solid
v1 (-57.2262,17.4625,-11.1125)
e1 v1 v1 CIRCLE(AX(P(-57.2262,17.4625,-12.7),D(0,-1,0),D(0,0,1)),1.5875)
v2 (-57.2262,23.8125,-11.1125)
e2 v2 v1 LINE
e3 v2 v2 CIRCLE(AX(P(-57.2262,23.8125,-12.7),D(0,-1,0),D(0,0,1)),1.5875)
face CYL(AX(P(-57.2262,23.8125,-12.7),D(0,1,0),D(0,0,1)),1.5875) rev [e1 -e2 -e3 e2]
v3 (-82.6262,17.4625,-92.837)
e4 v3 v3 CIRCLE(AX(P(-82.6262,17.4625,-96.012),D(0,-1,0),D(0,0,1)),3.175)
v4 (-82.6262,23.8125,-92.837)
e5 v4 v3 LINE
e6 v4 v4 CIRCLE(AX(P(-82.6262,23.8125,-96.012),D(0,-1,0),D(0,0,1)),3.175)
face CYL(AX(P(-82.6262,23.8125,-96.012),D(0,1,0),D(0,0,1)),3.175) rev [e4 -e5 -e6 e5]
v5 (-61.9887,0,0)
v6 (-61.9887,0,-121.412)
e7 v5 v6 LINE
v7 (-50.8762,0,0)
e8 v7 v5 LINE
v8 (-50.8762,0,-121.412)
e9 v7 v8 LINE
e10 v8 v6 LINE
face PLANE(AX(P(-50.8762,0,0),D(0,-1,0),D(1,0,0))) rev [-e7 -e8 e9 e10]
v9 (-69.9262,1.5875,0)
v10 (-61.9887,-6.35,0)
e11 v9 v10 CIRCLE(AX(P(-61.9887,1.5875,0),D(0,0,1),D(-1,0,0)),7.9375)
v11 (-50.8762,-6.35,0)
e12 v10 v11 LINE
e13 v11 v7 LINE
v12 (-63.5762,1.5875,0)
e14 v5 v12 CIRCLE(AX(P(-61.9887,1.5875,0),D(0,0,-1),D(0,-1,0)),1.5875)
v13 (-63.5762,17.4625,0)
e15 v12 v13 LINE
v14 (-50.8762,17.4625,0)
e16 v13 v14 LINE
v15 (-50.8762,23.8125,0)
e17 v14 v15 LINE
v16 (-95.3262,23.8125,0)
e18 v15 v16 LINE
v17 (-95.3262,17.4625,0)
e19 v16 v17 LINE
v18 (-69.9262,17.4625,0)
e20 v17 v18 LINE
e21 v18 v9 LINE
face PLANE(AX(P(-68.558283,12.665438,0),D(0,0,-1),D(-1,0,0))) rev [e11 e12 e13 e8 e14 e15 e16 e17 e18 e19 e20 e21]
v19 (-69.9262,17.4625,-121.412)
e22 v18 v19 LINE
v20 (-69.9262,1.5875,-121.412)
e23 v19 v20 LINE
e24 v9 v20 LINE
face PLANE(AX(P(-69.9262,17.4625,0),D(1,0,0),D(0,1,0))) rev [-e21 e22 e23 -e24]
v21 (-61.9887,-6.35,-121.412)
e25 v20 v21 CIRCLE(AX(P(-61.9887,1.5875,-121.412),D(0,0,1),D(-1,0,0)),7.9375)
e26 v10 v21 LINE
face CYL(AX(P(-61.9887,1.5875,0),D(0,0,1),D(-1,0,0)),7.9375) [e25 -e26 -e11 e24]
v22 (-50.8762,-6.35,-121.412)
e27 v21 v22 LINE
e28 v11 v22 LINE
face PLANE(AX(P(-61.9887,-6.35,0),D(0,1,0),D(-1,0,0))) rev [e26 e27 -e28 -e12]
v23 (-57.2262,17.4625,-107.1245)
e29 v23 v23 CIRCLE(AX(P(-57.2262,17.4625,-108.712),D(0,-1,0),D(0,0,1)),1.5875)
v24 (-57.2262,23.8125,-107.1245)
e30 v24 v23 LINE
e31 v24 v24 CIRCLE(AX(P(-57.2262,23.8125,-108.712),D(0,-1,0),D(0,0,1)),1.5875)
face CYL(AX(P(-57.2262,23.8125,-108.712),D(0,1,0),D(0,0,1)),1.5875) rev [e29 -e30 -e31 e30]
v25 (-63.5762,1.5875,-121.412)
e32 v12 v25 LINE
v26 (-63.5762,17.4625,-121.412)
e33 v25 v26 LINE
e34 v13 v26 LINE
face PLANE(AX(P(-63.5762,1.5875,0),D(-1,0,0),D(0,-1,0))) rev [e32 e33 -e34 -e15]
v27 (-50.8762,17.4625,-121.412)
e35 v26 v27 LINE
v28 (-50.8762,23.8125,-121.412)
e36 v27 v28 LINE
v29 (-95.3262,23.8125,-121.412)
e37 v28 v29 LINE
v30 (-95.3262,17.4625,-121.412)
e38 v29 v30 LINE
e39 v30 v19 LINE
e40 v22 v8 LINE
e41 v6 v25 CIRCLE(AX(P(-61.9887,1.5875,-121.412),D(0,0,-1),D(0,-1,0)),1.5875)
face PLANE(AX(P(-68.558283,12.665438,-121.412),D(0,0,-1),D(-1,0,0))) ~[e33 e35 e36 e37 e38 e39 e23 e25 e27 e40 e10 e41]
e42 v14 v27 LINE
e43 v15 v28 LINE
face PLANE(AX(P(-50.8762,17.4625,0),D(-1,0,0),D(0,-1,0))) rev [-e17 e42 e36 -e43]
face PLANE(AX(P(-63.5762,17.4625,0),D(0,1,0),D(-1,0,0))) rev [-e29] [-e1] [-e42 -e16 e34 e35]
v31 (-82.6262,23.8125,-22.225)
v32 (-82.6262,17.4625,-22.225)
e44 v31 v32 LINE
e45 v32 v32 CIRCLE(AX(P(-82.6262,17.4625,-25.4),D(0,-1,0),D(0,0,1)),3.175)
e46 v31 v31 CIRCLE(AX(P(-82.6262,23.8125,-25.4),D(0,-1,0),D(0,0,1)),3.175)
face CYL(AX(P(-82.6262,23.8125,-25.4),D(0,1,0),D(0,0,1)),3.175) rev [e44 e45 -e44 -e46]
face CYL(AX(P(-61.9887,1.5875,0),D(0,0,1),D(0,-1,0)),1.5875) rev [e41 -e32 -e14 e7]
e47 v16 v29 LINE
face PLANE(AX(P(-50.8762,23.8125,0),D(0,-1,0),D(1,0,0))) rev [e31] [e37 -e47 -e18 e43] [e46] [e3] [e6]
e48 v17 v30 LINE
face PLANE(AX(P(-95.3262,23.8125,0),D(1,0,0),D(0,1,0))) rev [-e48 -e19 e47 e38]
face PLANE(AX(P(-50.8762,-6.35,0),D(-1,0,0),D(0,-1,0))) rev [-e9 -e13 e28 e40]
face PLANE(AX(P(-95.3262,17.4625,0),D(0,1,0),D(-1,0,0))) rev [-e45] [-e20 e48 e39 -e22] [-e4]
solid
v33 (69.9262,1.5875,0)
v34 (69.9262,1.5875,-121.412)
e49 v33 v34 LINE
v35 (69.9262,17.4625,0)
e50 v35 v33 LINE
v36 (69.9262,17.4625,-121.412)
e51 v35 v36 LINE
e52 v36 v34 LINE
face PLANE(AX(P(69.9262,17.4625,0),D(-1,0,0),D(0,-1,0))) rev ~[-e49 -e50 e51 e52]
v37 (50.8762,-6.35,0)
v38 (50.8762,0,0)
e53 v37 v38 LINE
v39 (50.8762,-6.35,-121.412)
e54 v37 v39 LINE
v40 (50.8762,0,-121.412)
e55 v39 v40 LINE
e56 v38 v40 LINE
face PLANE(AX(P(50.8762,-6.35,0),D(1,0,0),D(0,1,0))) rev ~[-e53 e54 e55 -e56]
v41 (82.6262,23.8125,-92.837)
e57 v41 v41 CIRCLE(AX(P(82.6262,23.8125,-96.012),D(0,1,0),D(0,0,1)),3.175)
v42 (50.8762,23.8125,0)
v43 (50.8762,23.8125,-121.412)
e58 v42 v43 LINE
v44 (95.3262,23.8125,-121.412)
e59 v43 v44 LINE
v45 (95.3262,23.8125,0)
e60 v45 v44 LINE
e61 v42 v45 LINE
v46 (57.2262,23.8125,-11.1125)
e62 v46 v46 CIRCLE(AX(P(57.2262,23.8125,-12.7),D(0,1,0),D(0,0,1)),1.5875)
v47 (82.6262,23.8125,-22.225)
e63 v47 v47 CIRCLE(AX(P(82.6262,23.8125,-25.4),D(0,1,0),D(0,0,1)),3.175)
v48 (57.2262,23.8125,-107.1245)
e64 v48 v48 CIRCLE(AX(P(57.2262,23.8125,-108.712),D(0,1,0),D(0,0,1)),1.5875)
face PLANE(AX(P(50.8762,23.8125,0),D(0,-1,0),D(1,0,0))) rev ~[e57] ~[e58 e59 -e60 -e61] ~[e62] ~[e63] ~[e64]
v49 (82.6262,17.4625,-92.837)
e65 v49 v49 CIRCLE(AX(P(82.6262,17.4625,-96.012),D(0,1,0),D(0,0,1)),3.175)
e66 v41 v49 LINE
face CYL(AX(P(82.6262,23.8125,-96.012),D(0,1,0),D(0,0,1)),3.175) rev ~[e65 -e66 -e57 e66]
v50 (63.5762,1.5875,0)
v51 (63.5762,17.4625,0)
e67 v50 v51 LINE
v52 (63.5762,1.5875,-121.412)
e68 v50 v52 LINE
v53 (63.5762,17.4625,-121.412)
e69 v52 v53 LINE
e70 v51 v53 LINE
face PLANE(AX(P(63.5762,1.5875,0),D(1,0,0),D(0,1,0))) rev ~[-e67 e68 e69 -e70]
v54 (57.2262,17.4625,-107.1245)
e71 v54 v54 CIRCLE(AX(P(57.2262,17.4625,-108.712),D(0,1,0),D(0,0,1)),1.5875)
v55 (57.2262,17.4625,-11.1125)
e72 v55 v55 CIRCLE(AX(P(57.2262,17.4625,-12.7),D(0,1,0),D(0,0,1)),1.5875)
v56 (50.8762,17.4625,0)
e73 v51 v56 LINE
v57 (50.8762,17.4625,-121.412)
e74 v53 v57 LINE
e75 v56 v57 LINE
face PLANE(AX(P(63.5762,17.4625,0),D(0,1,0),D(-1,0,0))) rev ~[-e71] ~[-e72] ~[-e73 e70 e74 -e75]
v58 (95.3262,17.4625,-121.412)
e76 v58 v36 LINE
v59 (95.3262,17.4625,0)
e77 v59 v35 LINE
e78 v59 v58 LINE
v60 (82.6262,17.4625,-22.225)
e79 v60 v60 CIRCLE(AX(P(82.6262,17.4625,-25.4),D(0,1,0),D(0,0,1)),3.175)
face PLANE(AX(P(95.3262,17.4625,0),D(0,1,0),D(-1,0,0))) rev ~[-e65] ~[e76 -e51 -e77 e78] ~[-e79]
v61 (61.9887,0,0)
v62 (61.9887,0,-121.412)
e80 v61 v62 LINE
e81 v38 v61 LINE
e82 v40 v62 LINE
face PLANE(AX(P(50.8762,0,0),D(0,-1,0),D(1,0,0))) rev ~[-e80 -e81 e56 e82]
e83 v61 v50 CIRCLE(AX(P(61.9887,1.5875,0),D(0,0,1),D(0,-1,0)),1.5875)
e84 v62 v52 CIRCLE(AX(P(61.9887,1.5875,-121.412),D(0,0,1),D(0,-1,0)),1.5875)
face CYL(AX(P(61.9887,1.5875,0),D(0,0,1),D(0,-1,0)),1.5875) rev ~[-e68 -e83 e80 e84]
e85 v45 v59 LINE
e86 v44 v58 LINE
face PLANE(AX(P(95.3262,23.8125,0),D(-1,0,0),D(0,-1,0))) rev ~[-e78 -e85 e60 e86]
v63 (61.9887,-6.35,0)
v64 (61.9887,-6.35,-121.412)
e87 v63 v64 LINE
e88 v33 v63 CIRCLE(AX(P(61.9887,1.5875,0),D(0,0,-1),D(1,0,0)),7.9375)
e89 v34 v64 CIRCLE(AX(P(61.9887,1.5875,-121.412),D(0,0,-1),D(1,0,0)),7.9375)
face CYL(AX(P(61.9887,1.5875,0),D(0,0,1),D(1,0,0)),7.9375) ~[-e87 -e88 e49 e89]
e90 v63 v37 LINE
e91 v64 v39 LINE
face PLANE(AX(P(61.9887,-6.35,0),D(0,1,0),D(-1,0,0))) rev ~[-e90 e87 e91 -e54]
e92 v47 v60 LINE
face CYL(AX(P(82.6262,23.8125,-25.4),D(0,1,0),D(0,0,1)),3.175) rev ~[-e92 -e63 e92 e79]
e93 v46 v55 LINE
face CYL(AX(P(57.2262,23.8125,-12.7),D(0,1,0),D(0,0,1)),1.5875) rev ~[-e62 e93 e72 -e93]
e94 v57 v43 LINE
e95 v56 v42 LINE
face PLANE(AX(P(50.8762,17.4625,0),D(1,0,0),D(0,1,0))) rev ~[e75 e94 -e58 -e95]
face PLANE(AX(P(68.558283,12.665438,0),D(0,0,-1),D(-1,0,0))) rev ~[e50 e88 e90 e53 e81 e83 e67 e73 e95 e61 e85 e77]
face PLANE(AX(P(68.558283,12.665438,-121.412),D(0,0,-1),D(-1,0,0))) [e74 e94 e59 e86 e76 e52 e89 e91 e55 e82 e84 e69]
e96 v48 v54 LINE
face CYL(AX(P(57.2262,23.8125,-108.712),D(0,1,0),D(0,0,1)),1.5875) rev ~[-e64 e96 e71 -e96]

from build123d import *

# Parameters (mm, degrees)
BOSS_EXTRUDE2_DEPTH = 121.412
CUT_EXTRUDE1_REACH  = 159.282
SKETCH2_R           = 1.5875
SKETCH2_R_2         = 3.175


with BuildPart() as part:
    # Sketch1 → Boss-Extrude2 (new body)
    with BuildSketch(Plane.XY):
        with BuildLine():
            ThreePointArc((61.9887, 0), (63.111232015, 0.464967985), (63.5762, 1.5875))
            Line((63.5762, 1.5875), (63.5762, 17.4625))
            Line((63.5762, 17.4625), (50.8762, 17.4625))
            Line((50.8762, 17.4625), (50.8762, 23.8125))
            Line((50.8762, 23.8125), (95.3262, 23.8125))
            Line((95.3262, 23.8125), (95.3262, 17.4625))
            Line((95.3262, 17.4625), (69.9262, 17.4625))
            Line((69.9262, 17.4625), (69.9262, 1.5875))
            ThreePointArc((69.9262, 1.5875), (67.601360076, -4.025160076), (61.9887, -6.35))
            Line((61.9887, -6.35), (50.8762, -6.35))
            Line((50.8762, -6.35), (50.8762, 0))
            Line((50.8762, 0), (61.9887, 0))
        make_face()
    extrude(amount=-BOSS_EXTRUDE2_DEPTH)

    # Sketch2 → Cut-Extrude1 (cut, up to next)
    with BuildSketch(Plane(origin=(0, 23.8125, 0), x_dir=(1, 0, 0), z_dir=(0, 1, 0)), mode=Mode.PRIVATE) as cut_extrude1_sk1:
        with Locations(Location((57.2262, 108.712, 0), (0, 0, 270))):
            Circle(SKETCH2_R)
    cut_extrude1_tool1 = extrude(cut_extrude1_sk1.sketch, amount=-CUT_EXTRUDE1_REACH, mode=Mode.PRIVATE) & part.part
    # Sketch2 → Cut-Extrude1 (cut, up to next)
    with BuildSketch(Plane(origin=(0, 23.8125, 0), x_dir=(1, 0, 0), z_dir=(0, 1, 0)), mode=Mode.PRIVATE) as cut_extrude1_sk2:
        with Locations(Location((57.2262, 12.7, 0), (0, 0, 270))):
            Circle(SKETCH2_R)
    cut_extrude1_tool2 = extrude(cut_extrude1_sk2.sketch, amount=-CUT_EXTRUDE1_REACH, mode=Mode.PRIVATE) & part.part
    # Sketch2 → Cut-Extrude1 (cut, up to next)
    with BuildSketch(Plane(origin=(0, 23.8125, 0), x_dir=(1, 0, 0), z_dir=(0, 1, 0)), mode=Mode.PRIVATE) as cut_extrude1_sk3:
        with Locations(Location((82.6262, 96.012, 0), (0, 0, 270))):
            Circle(SKETCH2_R_2)
    cut_extrude1_tool3 = extrude(cut_extrude1_sk3.sketch, amount=-CUT_EXTRUDE1_REACH, mode=Mode.PRIVATE) & part.part
    # Sketch2 → Cut-Extrude1 (cut, up to next)
    with BuildSketch(Plane(origin=(0, 23.8125, 0), x_dir=(1, 0, 0), z_dir=(0, 1, 0)), mode=Mode.PRIVATE) as cut_extrude1_sk4:
        with Locations(Location((82.6262, 25.4, 0), (0, 0, 270))):
            Circle(SKETCH2_R_2)
    cut_extrude1_tool4 = extrude(cut_extrude1_sk4.sketch, amount=-CUT_EXTRUDE1_REACH, mode=Mode.PRIVATE) & part.part
    add(cut_extrude1_tool1.solids().sort_by_distance((57.2262, 23.8125, -108.712))[0], mode=Mode.SUBTRACT)
    add(cut_extrude1_tool2.solids().sort_by_distance((57.2262, 23.8125, -12.7))[0], mode=Mode.SUBTRACT)
    add(cut_extrude1_tool3.solids().sort_by_distance((82.6262, 23.8125, -96.012))[0], mode=Mode.SUBTRACT)
    add(cut_extrude1_tool4.solids().sort_by_distance((82.6262, 23.8125, -25.4))[0], mode=Mode.SUBTRACT)


with BuildPart() as body_2:
    # Mirror5: mirrored copy
    add(part.part.mirror(Plane.ZY))


solid = Compound([part.part, body_2.part])
